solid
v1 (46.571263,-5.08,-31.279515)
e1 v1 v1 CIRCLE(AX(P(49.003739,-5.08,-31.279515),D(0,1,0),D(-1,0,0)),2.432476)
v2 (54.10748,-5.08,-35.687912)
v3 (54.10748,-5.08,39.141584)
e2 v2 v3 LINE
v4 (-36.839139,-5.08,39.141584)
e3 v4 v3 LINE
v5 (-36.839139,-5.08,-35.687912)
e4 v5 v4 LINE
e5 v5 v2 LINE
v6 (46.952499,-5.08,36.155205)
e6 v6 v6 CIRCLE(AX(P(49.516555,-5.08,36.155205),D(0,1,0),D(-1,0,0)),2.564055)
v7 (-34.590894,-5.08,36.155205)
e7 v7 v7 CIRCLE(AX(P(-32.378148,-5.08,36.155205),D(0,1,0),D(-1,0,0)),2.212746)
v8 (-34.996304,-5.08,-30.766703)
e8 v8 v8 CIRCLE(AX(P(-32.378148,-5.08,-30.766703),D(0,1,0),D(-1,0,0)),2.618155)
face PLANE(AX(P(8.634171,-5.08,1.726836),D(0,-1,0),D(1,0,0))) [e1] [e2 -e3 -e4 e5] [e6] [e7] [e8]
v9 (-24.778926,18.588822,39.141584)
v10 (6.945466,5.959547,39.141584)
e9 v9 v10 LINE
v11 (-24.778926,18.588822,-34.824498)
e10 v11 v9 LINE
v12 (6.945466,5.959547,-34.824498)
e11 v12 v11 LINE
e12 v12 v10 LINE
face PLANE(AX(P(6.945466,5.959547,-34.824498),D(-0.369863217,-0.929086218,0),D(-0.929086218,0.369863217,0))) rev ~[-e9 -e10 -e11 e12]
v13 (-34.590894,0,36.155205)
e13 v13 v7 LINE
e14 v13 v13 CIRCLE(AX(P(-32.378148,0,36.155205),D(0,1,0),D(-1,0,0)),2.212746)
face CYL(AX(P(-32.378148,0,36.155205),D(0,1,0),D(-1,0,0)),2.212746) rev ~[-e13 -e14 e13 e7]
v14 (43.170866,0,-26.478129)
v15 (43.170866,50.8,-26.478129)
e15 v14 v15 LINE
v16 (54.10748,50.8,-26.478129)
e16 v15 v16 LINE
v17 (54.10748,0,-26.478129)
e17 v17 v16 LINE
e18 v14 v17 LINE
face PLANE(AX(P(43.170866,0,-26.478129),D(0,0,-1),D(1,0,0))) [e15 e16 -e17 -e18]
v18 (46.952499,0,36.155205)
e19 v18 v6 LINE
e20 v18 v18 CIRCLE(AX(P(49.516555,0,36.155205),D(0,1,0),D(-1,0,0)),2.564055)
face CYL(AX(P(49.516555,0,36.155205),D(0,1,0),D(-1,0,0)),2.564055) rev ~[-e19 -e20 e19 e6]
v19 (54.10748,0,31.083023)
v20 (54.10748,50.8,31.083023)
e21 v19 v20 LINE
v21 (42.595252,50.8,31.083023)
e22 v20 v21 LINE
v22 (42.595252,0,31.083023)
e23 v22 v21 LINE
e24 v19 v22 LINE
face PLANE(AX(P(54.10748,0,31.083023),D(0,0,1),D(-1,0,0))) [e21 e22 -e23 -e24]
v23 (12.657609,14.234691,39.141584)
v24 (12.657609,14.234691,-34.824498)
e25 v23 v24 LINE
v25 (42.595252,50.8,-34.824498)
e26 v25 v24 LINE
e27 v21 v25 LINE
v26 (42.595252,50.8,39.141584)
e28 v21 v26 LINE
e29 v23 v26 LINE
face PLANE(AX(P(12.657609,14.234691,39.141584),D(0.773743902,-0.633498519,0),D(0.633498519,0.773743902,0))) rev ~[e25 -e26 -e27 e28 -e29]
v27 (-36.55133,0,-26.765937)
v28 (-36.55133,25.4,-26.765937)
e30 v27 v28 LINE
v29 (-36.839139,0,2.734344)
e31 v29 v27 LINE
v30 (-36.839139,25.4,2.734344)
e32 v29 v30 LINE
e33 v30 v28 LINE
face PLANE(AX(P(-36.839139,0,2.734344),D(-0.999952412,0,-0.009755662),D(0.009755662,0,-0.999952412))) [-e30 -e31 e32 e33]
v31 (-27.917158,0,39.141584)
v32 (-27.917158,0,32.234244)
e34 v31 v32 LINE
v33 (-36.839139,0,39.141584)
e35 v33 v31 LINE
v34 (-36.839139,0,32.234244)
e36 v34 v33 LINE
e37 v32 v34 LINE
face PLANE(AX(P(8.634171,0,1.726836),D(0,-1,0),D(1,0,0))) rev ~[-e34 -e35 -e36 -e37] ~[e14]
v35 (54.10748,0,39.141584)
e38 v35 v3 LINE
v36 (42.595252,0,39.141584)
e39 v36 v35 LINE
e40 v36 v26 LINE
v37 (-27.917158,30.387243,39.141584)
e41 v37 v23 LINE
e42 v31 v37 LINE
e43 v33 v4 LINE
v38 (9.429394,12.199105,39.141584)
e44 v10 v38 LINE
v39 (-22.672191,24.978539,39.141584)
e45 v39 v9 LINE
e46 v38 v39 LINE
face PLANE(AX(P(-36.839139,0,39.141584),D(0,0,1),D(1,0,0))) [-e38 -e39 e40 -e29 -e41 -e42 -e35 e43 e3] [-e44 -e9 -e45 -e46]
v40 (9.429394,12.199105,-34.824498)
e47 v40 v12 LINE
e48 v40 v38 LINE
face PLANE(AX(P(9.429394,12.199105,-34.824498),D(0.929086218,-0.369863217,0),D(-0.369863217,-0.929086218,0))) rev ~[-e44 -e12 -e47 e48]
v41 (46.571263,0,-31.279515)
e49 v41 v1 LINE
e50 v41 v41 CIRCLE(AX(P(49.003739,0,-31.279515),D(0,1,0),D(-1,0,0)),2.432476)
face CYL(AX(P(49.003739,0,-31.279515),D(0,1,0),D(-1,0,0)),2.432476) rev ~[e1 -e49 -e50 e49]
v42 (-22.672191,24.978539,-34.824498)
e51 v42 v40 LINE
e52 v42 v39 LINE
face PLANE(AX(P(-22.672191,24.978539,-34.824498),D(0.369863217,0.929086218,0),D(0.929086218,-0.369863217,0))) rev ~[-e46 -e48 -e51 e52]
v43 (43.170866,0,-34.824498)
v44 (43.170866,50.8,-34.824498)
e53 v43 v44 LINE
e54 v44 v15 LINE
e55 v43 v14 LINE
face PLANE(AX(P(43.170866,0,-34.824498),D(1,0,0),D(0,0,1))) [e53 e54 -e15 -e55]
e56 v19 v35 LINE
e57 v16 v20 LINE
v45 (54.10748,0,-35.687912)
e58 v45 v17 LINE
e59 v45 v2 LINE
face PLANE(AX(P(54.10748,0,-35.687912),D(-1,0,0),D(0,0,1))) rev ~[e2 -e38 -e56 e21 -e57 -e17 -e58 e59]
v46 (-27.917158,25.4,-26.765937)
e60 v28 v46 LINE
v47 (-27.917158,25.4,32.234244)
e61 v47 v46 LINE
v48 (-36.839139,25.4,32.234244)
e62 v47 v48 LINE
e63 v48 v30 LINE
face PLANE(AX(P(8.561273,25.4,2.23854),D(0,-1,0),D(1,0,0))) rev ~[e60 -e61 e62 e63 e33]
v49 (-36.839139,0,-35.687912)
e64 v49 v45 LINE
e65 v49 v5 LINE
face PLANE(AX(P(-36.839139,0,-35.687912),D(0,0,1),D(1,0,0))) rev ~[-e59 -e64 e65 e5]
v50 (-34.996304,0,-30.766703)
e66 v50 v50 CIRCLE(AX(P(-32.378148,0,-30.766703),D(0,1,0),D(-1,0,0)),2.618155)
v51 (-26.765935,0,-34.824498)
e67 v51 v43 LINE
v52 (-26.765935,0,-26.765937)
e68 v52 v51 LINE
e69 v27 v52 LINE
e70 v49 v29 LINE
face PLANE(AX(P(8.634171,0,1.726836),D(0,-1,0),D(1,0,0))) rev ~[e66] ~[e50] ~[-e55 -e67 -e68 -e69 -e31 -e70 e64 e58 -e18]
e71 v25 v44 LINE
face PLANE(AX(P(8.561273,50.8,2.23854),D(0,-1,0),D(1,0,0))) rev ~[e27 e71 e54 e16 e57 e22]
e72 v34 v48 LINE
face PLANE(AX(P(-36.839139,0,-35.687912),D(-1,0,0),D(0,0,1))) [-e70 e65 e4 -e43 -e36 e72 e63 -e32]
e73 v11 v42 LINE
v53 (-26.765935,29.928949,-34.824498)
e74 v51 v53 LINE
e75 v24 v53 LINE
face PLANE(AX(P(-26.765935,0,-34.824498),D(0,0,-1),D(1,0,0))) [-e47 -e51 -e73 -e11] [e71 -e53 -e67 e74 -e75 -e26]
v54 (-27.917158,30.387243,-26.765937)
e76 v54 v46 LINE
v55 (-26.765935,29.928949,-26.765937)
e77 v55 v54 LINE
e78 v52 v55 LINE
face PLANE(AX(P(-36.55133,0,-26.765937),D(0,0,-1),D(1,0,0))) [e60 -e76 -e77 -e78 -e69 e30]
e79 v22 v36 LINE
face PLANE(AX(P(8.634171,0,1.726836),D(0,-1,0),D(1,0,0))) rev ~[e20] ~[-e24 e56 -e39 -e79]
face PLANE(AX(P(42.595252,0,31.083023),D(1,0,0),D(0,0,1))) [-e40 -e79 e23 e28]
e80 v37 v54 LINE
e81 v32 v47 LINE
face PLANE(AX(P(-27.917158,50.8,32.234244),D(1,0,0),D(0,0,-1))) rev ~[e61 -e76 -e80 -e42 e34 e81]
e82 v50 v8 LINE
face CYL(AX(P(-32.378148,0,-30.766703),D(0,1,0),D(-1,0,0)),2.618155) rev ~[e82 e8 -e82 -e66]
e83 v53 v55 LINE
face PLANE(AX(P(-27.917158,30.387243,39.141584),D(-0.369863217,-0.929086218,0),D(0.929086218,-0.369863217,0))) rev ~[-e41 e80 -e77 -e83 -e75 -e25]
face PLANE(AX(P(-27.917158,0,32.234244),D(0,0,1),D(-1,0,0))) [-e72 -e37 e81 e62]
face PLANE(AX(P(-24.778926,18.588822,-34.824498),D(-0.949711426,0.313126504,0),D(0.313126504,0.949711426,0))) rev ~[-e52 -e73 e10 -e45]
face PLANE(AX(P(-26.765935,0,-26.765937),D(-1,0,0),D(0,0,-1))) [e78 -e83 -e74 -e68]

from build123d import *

# Parameters (mm, degrees)
F0_W      = 90.9466184676
F0_H      = 74.8294964433
F2_DEPTH  = 5.08
F3_DEPTH  = 50.8
F5_DEPTH  = 76.2
F6_DEPTH  = 25.4
F8_DEPTH  = 101.6
F9_R      = 2.2127457179
F9_R_2    = 2.6181554233
F9_R_3    = 2.4324763665
F9_R_4    = 2.5640554726
F10_DEPTH = 25.4


with BuildPart() as f2:
    # F0 (on Front) → F2 (new body)
    with BuildSketch(Plane.XZ):
        with Locations((8.6341705173, 1.7268359661)):
            Rectangle(F0_W, F0_H)
    extrude(amount=F2_DEPTH)

    # F1 (on face) → F3 (join)
    with BuildSketch(Plane.XZ):
        Polygon((-27.9171578586, 32.2342440486), (-36.8391387165, 32.2342440486), (-36.8391387165, 2.734344452), (-36.5513302386, -26.7659369856), (-26.765935123, -26.7659369856), (-26.765935123, -34.8244979978), (43.1708656251, -34.8244979978), (43.1708656251, -26.4781285077), (54.1074797511, -26.4781285077), (54.1074797511, 31.0830231756), (42.5952523947, 31.0830231756), (42.5952523947, 39.1415841877), (-27.9171578586, 39.1415841877), align=None)
    extrude(amount=-F3_DEPTH)

    # F4 (on face) → F5 (cut)
    with BuildSketch(Plane.XY.offset(39.1415841877)):
        Polygon((-27.9171578586, 50.8), (-27.9171578586, 30.387243256), (12.6576088369, 14.234690927), (42.5952523947, 50.8), align=None)
    extrude(amount=-F5_DEPTH, mode=Mode.SUBTRACT)

    # F6 (cut): a face of the model
    f6_faces = [f2.faces().sort_by_distance(p)[0] for p in [
        (-32.3426594813, 50.8, 2.8940476275),
    ]]
    extrude(f6_faces, amount=-F6_DEPTH, mode=Mode.SUBTRACT)

    # F7 (on face) → F8 (cut)
    with BuildSketch(Plane(origin=(0, 0, -34.8244979978), x_dir=(1, 0, 0), z_dir=(0, 0, -1))):
        Polygon((-24.7789256071, -18.5888221988), (-22.6721912622, -24.9785389751), (9.4293939445, -12.1991054226), (6.9454660549, -5.9595469581), align=None)
    extrude(amount=-F8_DEPTH, mode=Mode.SUBTRACT)

    # F9 (on face) → F10 (cut)
    with BuildSketch(Plane(origin=(0, 0, 0), x_dir=(-1, 0, 0), z_dir=(0, 1, 0))):
        with Locations((32.3781482875, 36.15520522)):
            Circle(F9_R)
        with Locations((32.3781482875, -30.7667031884)):
            Circle(F9_R_2)
        with Locations((-49.00373891, -31.279515475)):
            Circle(F9_R_3)
        with Locations((-49.5165549219, 36.15520522)):
            Circle(F9_R_4)
    extrude(amount=-F10_DEPTH, mode=Mode.SUBTRACT)


solid = f2.part
